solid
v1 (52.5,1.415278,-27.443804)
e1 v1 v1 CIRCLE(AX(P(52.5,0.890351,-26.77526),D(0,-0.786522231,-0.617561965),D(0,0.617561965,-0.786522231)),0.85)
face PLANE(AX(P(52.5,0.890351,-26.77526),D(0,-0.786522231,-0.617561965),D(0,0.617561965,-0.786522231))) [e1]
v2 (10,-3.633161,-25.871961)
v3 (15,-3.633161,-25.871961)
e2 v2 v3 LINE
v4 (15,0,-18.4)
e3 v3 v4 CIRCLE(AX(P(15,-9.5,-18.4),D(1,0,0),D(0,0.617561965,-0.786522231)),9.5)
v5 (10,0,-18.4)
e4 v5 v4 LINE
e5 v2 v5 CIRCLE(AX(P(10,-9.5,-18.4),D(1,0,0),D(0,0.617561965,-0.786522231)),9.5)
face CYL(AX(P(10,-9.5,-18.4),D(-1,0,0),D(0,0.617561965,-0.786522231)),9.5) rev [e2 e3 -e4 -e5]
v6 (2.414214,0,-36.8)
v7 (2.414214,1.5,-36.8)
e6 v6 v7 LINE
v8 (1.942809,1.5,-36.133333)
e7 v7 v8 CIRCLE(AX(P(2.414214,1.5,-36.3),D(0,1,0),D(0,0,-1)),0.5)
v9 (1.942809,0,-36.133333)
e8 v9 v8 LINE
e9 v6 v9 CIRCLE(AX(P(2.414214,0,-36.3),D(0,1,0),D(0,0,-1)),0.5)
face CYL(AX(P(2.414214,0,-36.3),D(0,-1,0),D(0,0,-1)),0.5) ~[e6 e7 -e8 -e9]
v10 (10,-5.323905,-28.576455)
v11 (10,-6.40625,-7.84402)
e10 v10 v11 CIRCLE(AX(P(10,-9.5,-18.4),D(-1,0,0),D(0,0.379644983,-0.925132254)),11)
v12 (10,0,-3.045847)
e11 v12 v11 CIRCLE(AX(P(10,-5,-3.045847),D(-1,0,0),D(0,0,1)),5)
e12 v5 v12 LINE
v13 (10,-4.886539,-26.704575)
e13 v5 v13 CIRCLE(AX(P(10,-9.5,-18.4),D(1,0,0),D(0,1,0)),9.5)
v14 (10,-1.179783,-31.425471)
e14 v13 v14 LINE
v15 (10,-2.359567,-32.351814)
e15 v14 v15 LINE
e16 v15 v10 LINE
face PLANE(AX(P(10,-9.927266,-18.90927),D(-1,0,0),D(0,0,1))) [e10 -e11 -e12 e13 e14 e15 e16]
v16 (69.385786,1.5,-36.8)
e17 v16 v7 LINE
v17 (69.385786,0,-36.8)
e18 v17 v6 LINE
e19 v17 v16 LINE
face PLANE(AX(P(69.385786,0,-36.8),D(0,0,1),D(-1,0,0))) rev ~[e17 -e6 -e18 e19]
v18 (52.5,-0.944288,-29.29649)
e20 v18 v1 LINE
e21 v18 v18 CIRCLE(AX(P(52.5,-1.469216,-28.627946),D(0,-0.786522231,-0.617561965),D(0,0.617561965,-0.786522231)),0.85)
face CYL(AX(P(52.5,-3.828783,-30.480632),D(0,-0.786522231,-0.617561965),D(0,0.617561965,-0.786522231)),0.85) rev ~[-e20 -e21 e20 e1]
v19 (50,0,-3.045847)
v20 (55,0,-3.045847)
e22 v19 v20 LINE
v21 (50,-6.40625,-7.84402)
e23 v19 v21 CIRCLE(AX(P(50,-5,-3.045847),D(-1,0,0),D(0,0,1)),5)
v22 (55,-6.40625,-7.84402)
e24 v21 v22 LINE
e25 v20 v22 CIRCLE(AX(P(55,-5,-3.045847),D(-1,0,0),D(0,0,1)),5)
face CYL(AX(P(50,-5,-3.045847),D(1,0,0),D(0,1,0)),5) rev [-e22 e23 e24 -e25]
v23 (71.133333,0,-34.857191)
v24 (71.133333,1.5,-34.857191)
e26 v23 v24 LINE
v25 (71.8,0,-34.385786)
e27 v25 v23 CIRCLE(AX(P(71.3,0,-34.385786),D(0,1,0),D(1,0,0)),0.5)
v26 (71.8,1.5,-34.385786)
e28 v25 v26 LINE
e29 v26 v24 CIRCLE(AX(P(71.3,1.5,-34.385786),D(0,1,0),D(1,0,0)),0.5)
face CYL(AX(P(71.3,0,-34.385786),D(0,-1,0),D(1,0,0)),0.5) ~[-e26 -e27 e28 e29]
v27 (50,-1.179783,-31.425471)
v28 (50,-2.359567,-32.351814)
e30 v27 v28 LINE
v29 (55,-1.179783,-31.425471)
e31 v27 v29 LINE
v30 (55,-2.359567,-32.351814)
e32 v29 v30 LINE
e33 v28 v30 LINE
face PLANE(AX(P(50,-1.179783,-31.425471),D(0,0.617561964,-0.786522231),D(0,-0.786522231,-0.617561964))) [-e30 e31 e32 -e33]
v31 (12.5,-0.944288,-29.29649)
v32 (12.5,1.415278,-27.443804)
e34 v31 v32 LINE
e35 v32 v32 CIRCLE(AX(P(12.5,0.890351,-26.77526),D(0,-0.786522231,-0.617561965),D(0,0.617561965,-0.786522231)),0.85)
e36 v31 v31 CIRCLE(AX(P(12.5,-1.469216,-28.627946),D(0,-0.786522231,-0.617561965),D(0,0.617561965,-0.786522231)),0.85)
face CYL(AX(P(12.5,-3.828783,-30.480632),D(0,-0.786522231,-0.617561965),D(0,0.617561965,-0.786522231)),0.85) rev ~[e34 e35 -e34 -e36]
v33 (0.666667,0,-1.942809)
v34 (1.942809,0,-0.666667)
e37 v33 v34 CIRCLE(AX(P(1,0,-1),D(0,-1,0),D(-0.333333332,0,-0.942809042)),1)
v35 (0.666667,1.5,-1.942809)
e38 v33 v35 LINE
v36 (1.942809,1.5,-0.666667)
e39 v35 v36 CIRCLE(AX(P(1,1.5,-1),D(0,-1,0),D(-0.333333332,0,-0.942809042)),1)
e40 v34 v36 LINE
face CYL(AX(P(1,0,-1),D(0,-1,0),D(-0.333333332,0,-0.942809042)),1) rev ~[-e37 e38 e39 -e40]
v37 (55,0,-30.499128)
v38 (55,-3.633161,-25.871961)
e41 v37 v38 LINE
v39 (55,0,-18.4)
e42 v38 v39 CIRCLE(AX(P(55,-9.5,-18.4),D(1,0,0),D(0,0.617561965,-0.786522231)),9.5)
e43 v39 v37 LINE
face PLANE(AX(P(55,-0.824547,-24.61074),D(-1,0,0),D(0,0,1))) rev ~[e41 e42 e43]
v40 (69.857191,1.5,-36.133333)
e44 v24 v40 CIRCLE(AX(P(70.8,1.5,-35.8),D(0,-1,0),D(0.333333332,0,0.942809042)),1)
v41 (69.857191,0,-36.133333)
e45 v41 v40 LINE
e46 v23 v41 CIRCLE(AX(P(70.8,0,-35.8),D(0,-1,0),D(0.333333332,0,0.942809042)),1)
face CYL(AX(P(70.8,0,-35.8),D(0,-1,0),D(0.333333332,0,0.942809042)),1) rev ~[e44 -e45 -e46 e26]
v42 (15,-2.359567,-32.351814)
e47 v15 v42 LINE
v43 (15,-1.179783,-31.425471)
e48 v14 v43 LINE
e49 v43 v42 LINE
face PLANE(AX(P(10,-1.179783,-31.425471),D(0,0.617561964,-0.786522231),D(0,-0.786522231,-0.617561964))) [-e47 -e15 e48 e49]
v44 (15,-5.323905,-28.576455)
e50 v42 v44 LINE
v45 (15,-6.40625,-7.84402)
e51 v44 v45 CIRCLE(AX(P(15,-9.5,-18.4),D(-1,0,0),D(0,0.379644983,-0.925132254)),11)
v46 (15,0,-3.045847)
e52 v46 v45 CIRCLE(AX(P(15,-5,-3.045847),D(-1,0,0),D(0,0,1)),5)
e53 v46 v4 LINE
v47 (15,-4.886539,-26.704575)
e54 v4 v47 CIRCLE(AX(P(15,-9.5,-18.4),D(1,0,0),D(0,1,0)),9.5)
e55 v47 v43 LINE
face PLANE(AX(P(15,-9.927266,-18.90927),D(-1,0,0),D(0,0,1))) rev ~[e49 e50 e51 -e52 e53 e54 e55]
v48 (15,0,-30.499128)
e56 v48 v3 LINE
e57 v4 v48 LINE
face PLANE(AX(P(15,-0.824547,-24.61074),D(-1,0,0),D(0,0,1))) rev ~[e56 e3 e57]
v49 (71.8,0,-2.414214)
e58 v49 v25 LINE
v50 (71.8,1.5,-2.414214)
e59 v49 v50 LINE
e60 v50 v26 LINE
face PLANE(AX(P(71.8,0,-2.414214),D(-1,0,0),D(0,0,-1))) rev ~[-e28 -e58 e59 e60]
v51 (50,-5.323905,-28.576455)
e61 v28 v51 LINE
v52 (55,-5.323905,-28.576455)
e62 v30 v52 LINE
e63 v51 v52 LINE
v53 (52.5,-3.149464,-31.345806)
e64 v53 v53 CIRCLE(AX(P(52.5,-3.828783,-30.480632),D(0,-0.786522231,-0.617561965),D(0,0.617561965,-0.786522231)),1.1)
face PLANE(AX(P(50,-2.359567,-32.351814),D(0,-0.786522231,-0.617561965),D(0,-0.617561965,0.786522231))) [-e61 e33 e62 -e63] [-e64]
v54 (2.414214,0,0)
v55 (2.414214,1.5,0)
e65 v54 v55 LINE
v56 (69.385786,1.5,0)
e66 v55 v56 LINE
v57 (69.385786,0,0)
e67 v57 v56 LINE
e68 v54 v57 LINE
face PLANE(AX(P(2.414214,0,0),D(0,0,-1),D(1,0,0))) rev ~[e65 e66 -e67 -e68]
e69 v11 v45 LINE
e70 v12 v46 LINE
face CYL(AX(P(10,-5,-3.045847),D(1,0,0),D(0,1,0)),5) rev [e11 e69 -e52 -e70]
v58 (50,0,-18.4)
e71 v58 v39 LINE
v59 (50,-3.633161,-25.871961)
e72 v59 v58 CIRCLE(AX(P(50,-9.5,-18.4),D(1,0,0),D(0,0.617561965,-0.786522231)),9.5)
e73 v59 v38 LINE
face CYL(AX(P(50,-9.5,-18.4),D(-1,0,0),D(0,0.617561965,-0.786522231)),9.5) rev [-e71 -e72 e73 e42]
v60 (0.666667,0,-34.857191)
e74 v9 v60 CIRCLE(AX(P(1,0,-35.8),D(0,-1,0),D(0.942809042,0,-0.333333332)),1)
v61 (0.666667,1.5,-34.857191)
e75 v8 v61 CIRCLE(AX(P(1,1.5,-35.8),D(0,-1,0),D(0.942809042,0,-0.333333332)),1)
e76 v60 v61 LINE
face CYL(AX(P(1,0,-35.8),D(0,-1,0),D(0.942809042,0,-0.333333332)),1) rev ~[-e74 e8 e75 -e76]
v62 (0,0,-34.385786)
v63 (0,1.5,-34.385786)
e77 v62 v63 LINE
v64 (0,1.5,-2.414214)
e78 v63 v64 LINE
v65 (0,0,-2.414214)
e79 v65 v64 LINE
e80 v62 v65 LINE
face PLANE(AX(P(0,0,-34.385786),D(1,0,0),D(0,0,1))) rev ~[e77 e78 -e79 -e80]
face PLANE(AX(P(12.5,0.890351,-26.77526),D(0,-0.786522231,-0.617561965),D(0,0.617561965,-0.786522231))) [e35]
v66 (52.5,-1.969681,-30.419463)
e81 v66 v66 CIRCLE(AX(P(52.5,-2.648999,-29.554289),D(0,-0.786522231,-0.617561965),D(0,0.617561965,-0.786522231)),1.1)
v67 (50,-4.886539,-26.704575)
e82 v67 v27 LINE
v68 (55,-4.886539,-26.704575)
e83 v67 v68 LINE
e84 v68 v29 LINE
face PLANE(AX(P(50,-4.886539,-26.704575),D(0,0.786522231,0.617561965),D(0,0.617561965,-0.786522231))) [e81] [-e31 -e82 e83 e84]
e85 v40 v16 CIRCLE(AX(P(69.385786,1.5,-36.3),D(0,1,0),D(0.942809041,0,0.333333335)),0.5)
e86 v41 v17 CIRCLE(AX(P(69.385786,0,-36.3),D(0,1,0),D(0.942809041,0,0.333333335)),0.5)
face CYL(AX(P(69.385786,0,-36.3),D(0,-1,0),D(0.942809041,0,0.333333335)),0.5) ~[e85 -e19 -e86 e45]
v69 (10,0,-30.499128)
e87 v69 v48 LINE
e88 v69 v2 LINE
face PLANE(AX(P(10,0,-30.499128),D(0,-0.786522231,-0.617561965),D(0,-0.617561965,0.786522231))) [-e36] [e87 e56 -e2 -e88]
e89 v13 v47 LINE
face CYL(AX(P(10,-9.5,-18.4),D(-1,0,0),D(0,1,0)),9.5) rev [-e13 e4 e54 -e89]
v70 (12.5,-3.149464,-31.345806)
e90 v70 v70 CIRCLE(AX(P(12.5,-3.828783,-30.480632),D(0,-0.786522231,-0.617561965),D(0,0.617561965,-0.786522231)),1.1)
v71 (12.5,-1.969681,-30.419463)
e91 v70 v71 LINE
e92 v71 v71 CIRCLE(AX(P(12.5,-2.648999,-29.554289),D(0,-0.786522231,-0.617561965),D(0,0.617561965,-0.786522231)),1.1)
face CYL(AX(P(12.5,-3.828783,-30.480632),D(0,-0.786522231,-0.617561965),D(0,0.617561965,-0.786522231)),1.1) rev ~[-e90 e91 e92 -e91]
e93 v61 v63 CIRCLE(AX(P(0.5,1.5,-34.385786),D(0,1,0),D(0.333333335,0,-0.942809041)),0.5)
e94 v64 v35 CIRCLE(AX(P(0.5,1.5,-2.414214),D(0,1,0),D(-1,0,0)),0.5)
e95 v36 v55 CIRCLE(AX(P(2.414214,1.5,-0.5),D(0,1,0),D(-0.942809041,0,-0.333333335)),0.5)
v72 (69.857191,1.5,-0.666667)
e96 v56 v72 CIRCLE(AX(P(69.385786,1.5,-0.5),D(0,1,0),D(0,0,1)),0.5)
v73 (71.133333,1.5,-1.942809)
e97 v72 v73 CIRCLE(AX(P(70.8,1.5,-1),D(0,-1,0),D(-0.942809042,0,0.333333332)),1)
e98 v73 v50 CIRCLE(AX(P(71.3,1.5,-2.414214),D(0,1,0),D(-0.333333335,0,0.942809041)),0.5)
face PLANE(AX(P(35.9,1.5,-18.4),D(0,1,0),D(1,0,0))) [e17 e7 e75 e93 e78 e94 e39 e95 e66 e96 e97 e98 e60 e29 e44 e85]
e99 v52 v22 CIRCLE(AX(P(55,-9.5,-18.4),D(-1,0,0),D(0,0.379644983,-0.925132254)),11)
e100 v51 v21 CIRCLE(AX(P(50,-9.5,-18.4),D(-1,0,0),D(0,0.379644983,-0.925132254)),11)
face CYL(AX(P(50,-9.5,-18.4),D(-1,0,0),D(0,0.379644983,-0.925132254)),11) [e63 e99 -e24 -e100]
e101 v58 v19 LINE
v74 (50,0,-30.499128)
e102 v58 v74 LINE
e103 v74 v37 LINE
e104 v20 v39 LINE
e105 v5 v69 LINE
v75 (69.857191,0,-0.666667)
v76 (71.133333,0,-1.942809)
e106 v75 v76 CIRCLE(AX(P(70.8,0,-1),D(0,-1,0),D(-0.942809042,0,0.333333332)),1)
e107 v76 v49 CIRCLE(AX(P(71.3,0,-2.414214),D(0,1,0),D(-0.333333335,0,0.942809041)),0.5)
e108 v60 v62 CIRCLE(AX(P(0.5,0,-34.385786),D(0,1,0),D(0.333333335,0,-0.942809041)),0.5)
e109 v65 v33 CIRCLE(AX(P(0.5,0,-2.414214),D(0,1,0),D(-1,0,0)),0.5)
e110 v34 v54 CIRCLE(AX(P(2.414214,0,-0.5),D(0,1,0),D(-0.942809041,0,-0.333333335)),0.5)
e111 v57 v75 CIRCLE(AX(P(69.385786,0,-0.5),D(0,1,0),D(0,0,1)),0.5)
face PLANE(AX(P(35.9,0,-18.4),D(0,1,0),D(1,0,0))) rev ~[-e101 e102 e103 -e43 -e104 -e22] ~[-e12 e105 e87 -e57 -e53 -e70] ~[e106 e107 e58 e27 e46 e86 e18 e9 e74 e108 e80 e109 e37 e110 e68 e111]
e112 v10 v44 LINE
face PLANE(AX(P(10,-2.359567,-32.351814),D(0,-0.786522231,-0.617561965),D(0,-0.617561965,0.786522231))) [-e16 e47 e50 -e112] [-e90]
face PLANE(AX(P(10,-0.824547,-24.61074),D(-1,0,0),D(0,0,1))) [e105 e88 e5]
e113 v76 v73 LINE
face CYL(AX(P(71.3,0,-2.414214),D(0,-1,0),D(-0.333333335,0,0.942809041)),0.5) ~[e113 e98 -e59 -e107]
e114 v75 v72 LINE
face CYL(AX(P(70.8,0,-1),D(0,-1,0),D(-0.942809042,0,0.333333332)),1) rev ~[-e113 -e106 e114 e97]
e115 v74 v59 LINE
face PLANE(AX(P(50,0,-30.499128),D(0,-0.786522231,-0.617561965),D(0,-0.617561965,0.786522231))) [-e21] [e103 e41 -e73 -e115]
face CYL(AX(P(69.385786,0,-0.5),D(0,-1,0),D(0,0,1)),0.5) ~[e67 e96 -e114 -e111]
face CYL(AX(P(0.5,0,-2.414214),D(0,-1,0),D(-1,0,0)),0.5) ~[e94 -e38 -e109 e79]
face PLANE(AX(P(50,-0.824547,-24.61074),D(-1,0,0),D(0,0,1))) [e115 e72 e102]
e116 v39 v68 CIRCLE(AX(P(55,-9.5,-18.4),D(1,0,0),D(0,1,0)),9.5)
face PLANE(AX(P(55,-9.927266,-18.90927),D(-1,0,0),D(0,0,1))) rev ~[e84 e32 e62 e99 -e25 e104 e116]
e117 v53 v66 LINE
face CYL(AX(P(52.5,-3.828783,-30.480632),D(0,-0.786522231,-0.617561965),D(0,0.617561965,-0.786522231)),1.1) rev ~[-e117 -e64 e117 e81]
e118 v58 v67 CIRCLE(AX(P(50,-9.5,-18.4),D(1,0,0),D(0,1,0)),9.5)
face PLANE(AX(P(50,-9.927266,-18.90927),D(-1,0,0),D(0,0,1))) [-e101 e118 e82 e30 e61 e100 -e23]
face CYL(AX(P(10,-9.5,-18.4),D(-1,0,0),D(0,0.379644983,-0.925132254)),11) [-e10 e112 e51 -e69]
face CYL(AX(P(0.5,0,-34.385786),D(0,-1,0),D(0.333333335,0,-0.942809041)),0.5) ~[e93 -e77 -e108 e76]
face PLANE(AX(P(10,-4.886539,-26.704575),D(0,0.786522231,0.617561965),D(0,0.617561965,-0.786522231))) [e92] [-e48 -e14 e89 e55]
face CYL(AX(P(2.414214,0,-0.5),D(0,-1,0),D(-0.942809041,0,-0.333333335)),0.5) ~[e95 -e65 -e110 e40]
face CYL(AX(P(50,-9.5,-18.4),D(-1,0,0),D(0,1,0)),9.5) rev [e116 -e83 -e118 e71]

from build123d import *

# Parameters (mm, degrees)
BOSS_EXTRUDE1_DEPTH = 1.5
BOSS_EXTRUDE2_START = -10
BOSS_EXTRUDE2_DEPTH = 5
BOSS_EXTRUDE3_START = -50
BOSS_EXTRUDE3_DEPTH = 5
FILLET1_R           = 5
SKETCH4_R           = 1.1
CUT_EXTRUDE1_DEPTH  = 1.5
SKETCH5_R           = 0.85
CUT_EXTRUDE2_DEPTH  = 6


with BuildPart() as part:
    # Sketch1 → Boss-Extrude1 (new body)
    with BuildSketch(Plane(origin=(0, 0, 0), x_dir=(1, 0, 0), z_dir=(0, 1, 0))):
        with BuildLine():
            Line((2.414213562, 0), (69.385786438, 0))
            ThreePointArc((69.385786438, 0), (69.794034728, 0.211324865), (69.857190958, 0.666666667))
            ThreePointArc((69.857190958, 0.666666667), (70.092893219, 1.707106781), (71.133333333, 1.942809042))
            ThreePointArc((71.133333333, 1.942809042), (71.588675135, 2.005965272), (71.8, 2.414213562))
            Line((71.8, 2.414213562), (71.8, 34.385786438))
            ThreePointArc((71.8, 34.385786438), (71.588675135, 34.794034728), (71.133333333, 34.857190958))
            ThreePointArc((71.133333333, 34.857190958), (70.092893219, 35.092893219), (69.857190958, 36.133333333))
            ThreePointArc((69.857190958, 36.133333333), (69.794034728, 36.588675135), (69.385786438, 36.8))
            Line((69.385786438, 36.8), (2.414213562, 36.8))
            ThreePointArc((2.414213562, 36.8), (2.005965272, 36.588675135), (1.942809042, 36.133333333))
            ThreePointArc((1.942809042, 36.133333333), (1.707106781, 35.092893219), (0.666666667, 34.857190958))
            ThreePointArc((0.666666667, 34.857190958), (0.211324865, 34.794034728), (0, 34.385786438))
            Line((0, 34.385786438), (0, 2.414213562))
            ThreePointArc((0, 2.414213562), (0.211324865, 2.005965272), (0.666666667, 1.942809042))
            ThreePointArc((0.666666667, 1.942809042), (1.707106781, 1.707106781), (1.942809042, 0.666666667))
            ThreePointArc((1.942809042, 0.666666667), (2.005965272, 0.211324865), (2.414213562, 0))
        make_face()
    extrude(amount=BOSS_EXTRUDE1_DEPTH)

    # Sketch3 → Boss-Extrude2 (add)
    with BuildSketch(Plane.ZY.offset(BOSS_EXTRUDE2_START)):
        with BuildLine():
            Line((-18.4, 0), (-30.499127896, 0))
            Line((-30.499127896, 0), (-25.871961194, -3.633161336))
            ThreePointArc((-25.871961194, -3.633161336), (-22.554216695, -0.956436127), (-18.4, 0))
        make_face()
        with BuildLine():
            Line((-12.854731747, 0), (-18.4, 0))
            ThreePointArc((-18.4, 0), (-13.582214371, -17.687731165), (-26.704575482, -4.886538603))
            Line((-26.704575482, -4.886538603), (-31.425470843, -1.179783346))
            Line((-31.425470843, -1.179783346), (-32.35181379, -2.359566693))
            Line((-32.35181379, -2.359566693), (-28.576454789, -5.323905182))
            ThreePointArc((-28.576454789, -5.323905182), (-14.871832802, -19.918830847), (-12.854731747, 0))
        make_face()
    extrude(amount=-BOSS_EXTRUDE2_DEPTH)

    # Sketch3<3> → Boss-Extrude3 (add)
    with BuildSketch(Plane.ZY.offset(BOSS_EXTRUDE3_START)):
        with BuildLine():
            Line((-18.4, 0), (-30.499127896, 0))
            Line((-30.499127896, 0), (-25.871961194, -3.633161336))
            ThreePointArc((-25.871961194, -3.633161336), (-22.554216695, -0.956436127), (-18.4, 0))
        make_face()
        with BuildLine():
            Line((-12.854731747, 0), (-18.4, 0))
            ThreePointArc((-18.4, 0), (-13.582214371, -17.687731165), (-26.704575482, -4.886538603))
            Line((-26.704575482, -4.886538603), (-31.425470843, -1.179783346))
            Line((-31.425470843, -1.179783346), (-32.35181379, -2.359566693))
            Line((-32.35181379, -2.359566693), (-28.576454789, -5.323905182))
            ThreePointArc((-28.576454789, -5.323905182), (-14.871832802, -19.918830847), (-12.854731747, 0))
        make_face()
    extrude(amount=-BOSS_EXTRUDE3_DEPTH)

    # Fillet1
    fillet1_edges = [part.edges().sort_by_distance(p)[0] for p in [
        (52.5, 0, -12.854731747),
        (12.5, 0, -12.854731747),
    ]]
    fillet(fillet1_edges, radius=FILLET1_R)

    # Sketch4 → Cut-Extrude1 (cut)
    with BuildSketch(Plane(origin=(0, -17.173792622, -13.484528084), x_dir=(1, 0, 0), z_dir=(0, -0.7865222309713126, -0.6175619646544867))):
        with Locations((12.5, -21.609183849)):
            Circle(SKETCH4_R)
        with Locations((52.5, -21.609183849)):
            Circle(SKETCH4_R)
    extrude(amount=-CUT_EXTRUDE1_DEPTH, mode=Mode.SUBTRACT)

    # Sketch5 → Cut-Extrude2 (cut)
    with BuildSketch(Plane(origin=(0, -17.173792622, -13.484528084), x_dir=(1, 0, 0), z_dir=(0, -0.7865222309713126, -0.6175619646544867))):
        with Locations((12.5, -21.609183849)):
            Circle(SKETCH5_R)
        with Locations((52.5, -21.609183849)):
            Circle(SKETCH5_R)
    extrude(amount=-CUT_EXTRUDE2_DEPTH, mode=Mode.SUBTRACT)


solid = part.part
